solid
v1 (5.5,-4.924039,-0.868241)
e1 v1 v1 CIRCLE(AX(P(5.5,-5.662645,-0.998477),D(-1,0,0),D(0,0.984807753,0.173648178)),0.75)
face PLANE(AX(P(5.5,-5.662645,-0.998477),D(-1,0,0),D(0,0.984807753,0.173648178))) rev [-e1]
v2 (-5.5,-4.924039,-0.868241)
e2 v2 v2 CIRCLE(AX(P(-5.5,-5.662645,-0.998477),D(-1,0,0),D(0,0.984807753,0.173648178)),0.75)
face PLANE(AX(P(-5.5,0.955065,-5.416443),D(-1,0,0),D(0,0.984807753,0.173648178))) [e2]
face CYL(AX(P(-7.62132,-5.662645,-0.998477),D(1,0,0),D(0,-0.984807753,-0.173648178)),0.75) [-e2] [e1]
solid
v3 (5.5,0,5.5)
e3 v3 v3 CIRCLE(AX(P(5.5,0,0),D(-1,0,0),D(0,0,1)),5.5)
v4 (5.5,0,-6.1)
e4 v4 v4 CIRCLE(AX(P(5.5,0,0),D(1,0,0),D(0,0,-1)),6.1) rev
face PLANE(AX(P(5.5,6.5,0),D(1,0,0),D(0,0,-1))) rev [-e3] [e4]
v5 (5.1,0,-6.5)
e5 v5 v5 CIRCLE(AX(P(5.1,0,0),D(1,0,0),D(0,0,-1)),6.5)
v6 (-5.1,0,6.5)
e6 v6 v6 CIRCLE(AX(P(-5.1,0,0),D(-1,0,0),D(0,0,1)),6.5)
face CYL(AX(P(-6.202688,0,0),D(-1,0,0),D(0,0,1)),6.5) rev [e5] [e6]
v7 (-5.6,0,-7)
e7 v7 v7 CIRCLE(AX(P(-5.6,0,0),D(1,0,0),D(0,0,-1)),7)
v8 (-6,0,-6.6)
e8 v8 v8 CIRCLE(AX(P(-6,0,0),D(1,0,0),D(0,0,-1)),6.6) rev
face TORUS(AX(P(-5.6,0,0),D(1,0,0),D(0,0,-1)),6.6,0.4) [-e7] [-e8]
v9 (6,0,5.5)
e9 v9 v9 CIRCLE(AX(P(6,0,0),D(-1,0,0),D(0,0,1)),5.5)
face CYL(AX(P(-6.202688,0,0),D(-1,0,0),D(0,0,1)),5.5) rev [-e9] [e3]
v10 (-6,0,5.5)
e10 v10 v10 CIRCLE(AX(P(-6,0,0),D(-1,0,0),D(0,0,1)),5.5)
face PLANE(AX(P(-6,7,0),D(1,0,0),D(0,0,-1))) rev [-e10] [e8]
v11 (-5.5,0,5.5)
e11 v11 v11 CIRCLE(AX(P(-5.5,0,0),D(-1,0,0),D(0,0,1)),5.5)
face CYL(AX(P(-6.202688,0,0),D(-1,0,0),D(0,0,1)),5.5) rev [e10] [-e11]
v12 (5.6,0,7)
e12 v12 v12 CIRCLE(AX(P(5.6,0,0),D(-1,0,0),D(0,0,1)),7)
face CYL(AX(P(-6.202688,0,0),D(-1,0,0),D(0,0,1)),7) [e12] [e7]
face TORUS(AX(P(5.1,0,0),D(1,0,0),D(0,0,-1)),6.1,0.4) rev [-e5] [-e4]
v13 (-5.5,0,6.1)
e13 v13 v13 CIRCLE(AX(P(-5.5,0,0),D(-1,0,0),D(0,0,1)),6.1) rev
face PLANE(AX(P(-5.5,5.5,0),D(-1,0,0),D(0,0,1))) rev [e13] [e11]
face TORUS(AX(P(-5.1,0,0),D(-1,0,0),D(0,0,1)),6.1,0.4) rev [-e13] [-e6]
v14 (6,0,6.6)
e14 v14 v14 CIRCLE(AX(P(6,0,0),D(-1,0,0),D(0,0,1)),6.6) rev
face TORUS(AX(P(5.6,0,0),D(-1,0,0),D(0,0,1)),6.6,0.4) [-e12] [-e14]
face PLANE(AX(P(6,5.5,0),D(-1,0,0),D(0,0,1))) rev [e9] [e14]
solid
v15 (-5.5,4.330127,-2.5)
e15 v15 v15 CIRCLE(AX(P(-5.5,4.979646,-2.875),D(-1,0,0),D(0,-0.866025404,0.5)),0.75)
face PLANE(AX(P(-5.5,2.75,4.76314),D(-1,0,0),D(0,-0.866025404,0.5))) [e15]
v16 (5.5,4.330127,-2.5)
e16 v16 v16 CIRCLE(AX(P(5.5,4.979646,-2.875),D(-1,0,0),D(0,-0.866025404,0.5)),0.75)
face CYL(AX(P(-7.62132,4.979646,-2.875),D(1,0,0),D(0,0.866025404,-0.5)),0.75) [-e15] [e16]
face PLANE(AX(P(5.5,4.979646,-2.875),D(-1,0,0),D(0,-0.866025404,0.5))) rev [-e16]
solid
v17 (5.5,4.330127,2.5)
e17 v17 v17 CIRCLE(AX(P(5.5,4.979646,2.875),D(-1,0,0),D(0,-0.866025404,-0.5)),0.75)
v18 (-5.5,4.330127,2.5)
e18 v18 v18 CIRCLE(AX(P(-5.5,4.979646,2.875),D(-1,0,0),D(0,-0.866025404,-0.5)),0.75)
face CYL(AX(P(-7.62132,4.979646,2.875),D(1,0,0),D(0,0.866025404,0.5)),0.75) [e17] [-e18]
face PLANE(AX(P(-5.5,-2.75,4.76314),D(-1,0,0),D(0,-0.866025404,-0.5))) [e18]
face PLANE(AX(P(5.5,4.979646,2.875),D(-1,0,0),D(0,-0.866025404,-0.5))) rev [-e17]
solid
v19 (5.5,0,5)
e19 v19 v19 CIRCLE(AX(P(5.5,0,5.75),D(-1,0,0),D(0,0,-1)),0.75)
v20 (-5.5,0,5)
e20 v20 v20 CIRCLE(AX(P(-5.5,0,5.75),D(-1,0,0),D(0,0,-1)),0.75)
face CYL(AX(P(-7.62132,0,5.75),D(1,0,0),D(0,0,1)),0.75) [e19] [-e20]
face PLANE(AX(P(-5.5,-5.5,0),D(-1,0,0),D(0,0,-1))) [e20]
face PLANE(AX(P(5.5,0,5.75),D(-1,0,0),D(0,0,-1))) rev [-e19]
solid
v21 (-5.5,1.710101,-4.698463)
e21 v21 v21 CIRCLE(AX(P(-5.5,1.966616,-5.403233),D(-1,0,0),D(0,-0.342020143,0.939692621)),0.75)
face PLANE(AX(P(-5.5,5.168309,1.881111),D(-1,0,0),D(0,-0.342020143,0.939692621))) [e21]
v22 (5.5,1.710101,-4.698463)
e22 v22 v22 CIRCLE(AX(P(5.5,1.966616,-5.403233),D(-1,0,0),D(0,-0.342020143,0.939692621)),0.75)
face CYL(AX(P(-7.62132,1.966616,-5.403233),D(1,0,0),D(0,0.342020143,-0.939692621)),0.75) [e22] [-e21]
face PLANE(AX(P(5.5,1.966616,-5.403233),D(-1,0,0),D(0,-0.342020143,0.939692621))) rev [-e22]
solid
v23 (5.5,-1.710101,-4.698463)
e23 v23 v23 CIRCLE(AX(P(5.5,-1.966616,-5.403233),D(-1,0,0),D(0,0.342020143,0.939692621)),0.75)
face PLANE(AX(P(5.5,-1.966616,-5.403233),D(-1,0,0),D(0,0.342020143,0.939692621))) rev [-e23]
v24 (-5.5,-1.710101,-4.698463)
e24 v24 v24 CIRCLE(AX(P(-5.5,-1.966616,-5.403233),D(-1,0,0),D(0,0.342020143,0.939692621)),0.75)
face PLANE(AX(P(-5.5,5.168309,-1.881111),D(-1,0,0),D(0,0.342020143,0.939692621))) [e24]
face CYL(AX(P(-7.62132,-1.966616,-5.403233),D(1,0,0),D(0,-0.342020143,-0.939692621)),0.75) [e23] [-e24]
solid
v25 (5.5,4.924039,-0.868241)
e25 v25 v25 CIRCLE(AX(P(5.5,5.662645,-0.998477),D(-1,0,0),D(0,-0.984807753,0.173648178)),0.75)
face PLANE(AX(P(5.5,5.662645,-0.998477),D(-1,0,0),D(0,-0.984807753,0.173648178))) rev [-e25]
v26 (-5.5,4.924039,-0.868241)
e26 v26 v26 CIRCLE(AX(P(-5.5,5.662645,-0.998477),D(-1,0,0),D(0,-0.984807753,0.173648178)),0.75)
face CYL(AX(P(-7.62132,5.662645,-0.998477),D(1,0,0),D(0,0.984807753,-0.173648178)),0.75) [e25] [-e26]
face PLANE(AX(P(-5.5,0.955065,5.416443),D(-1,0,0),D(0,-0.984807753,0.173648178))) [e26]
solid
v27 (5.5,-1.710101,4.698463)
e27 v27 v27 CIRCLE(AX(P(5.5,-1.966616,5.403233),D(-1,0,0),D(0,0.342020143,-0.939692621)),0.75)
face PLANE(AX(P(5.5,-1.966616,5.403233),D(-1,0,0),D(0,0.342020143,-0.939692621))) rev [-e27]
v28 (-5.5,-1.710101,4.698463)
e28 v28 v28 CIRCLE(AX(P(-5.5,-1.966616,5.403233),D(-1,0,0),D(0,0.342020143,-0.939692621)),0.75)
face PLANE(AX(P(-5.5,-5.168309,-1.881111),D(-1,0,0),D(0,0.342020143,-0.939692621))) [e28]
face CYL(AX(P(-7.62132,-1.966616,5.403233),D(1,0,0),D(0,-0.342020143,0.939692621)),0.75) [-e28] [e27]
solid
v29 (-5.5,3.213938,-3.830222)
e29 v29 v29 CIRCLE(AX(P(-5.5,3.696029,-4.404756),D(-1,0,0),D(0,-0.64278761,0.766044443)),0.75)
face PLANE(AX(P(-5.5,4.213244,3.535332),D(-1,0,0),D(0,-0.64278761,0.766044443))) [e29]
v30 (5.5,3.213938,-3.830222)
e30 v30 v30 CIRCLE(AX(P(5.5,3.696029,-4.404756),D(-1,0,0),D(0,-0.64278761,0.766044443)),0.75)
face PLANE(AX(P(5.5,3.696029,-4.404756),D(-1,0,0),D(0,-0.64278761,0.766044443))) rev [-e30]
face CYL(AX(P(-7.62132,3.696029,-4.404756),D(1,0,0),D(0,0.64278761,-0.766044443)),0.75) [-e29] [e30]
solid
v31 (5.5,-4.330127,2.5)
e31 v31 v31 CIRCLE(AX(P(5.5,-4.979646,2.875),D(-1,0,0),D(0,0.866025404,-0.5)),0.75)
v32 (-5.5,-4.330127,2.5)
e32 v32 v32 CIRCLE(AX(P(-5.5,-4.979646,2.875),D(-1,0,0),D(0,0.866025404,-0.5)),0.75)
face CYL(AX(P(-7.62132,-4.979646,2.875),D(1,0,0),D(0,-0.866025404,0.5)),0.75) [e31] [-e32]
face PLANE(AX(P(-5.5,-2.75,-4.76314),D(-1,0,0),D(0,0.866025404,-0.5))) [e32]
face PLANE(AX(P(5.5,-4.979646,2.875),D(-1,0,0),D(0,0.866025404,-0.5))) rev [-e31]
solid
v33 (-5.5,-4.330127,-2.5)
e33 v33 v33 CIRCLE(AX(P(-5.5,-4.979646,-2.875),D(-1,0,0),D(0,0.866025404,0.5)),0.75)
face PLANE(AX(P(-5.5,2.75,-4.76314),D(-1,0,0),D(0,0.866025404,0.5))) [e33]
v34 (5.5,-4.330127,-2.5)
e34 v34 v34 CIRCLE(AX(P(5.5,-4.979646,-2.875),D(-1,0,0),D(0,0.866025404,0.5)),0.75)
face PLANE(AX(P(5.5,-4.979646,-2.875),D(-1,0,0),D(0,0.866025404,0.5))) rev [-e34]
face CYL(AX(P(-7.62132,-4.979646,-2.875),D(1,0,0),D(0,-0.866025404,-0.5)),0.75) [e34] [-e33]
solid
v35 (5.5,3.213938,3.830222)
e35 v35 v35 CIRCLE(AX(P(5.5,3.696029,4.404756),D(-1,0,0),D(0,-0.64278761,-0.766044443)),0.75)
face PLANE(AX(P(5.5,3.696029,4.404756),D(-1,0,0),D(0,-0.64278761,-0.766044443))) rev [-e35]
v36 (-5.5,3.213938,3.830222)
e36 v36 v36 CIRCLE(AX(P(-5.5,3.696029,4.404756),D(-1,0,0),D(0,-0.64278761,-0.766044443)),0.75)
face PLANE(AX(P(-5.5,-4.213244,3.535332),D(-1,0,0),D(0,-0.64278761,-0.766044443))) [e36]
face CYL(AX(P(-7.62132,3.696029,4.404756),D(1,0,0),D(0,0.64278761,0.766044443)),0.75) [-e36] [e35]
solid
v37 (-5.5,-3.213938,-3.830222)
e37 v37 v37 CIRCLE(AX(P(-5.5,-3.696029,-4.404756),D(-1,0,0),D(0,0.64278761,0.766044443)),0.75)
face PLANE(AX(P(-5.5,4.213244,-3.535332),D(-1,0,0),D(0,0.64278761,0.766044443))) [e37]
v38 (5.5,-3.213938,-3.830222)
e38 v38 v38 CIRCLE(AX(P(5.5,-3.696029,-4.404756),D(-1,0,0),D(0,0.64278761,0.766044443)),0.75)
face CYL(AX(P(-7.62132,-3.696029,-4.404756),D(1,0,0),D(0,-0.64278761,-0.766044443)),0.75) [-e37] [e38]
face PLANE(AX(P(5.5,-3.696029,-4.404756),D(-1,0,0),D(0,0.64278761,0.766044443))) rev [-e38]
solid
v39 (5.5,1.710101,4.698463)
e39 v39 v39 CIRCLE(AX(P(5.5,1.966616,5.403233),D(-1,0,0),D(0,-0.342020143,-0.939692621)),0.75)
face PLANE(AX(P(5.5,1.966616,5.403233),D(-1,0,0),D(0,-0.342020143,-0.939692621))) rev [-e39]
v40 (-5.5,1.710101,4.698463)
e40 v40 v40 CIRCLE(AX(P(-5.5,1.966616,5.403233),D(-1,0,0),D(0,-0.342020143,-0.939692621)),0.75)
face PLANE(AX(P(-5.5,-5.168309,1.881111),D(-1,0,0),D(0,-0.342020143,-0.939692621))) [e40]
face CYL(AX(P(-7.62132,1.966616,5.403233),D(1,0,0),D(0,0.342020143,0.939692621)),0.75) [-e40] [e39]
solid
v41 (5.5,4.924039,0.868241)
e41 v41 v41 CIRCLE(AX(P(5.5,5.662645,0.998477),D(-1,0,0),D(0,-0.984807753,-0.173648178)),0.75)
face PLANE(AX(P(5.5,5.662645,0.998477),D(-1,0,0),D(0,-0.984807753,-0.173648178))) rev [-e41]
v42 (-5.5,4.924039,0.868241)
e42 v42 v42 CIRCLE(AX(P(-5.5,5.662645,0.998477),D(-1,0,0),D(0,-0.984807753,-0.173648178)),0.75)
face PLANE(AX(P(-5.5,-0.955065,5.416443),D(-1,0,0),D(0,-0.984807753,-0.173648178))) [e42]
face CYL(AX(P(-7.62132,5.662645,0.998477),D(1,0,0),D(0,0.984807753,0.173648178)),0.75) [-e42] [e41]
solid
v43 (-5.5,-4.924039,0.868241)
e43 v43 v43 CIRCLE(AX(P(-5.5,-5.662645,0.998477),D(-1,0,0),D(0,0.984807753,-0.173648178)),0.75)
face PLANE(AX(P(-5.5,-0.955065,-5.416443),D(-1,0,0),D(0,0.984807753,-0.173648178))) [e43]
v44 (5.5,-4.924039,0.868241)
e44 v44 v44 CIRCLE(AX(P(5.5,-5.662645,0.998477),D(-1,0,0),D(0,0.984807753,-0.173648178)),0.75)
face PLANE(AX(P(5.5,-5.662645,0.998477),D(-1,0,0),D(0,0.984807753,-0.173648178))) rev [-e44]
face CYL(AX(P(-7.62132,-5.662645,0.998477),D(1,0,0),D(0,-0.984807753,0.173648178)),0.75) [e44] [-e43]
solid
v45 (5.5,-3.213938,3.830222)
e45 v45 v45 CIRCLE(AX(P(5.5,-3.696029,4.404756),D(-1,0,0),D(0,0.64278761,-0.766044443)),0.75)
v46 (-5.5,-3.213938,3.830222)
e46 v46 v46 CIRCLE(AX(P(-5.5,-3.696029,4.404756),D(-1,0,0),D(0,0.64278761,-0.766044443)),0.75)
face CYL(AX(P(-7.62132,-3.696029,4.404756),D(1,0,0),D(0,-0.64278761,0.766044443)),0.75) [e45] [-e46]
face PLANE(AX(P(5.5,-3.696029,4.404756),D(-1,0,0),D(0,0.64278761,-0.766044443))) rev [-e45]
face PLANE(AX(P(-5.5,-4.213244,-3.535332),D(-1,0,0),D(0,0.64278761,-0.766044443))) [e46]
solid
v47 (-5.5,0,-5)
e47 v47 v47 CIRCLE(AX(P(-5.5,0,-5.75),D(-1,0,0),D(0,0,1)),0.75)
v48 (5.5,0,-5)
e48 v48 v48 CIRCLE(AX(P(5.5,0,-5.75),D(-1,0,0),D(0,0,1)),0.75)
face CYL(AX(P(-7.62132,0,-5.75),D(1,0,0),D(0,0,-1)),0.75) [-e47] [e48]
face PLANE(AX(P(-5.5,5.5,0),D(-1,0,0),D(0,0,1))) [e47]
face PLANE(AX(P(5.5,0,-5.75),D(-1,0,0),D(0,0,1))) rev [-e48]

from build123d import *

# Parameters (mm, degrees)
SKETCH_5_R               = 0.75
EXTRUDE_3_DEPTH          = 11
PATTERN_CIRCULAR_8_COUNT = 18
FILLET_1_R               = 0.4


with BuildPart() as part:
    # 草图3 → 旋转1 (revolve)
    with BuildSketch(Plane.XY, mode=Mode.PRIVATE) as revolve_1_sk:
        Polygon((-6, 7), (-6, 5.5), (-5.5, 5.5), (-5.5, 6.5), (5.5, 6.5), (5.5, 5.5), (6, 5.5), (6, 7), align=None)
    revolve(revolve_1_sk.sketch.rotate(Axis((-6.202687828, 0, 0), (1, 0, 0)), 90), axis=Axis((-6.202687828, 0, 0), (1, 0, 0)))

    # 圆角1
    fillet_1_edges = [part.edges().sort_by_distance(p)[0] for p in [
        (-6, 0, -7),
        (6, 0, -7),
        (5.5, 0, -6.5),
        (-5.5, 0, -6.5),
    ]]
    fillet(fillet_1_edges, radius=FILLET_1_R)


with BuildPart() as body_2:
    # 草图5 → 凸台-拉伸3 (new body)
    with BuildSketch(Plane.ZY.offset(-5.5)):
        with Locations((-5.75, 0)):
            Circle(SKETCH_5_R)
    extrude(amount=EXTRUDE_3_DEPTH)


with BuildPart() as pattern_circular_8_1:
    # 阵列(圆周)8: pattern copy
    add(body_2.part.rotate(Axis((0, 0, 0), (1, 0, 0)), 1 * 360 / PATTERN_CIRCULAR_8_COUNT))


with BuildPart() as pattern_circular_8_2:
    # 阵列(圆周)8: pattern copy
    add(body_2.part.rotate(Axis((0, 0, 0), (1, 0, 0)), 2 * 360 / PATTERN_CIRCULAR_8_COUNT))


with BuildPart() as pattern_circular_8_3:
    # 阵列(圆周)8: pattern copy
    add(body_2.part.rotate(Axis((0, 0, 0), (1, 0, 0)), 3 * 360 / PATTERN_CIRCULAR_8_COUNT))


with BuildPart() as pattern_circular_8_4:
    # 阵列(圆周)8: pattern copy
    add(body_2.part.rotate(Axis((0, 0, 0), (1, 0, 0)), 4 * 360 / PATTERN_CIRCULAR_8_COUNT))


with BuildPart() as pattern_circular_8_5:
    # 阵列(圆周)8: pattern copy
    add(body_2.part.rotate(Axis((0, 0, 0), (1, 0, 0)), 5 * 360 / PATTERN_CIRCULAR_8_COUNT))


with BuildPart() as pattern_circular_8_6:
    # 阵列(圆周)8: pattern copy
    add(body_2.part.rotate(Axis((0, 0, 0), (1, 0, 0)), 6 * 360 / PATTERN_CIRCULAR_8_COUNT))


with BuildPart() as pattern_circular_8_7:
    # 阵列(圆周)8: pattern copy
    add(body_2.part.rotate(Axis((0, 0, 0), (1, 0, 0)), 7 * 360 / PATTERN_CIRCULAR_8_COUNT))


with BuildPart() as pattern_circular_8_8:
    # 阵列(圆周)8: pattern copy
    add(body_2.part.rotate(Axis((0, 0, 0), (1, 0, 0)), 8 * 360 / PATTERN_CIRCULAR_8_COUNT))


with BuildPart() as pattern_circular_8_9:
    # 阵列(圆周)8: pattern copy
    add(body_2.part.rotate(Axis((0, 0, 0), (1, 0, 0)), 9 * 360 / PATTERN_CIRCULAR_8_COUNT))


with BuildPart() as pattern_circular_8_10:
    # 阵列(圆周)8: pattern copy
    add(body_2.part.rotate(Axis((0, 0, 0), (1, 0, 0)), 10 * 360 / PATTERN_CIRCULAR_8_COUNT))


with BuildPart() as pattern_circular_8_11:
    # 阵列(圆周)8: pattern copy
    add(body_2.part.rotate(Axis((0, 0, 0), (1, 0, 0)), 11 * 360 / PATTERN_CIRCULAR_8_COUNT))


with BuildPart() as pattern_circular_8_12:
    # 阵列(圆周)8: pattern copy
    add(body_2.part.rotate(Axis((0, 0, 0), (1, 0, 0)), 12 * 360 / PATTERN_CIRCULAR_8_COUNT))


with BuildPart() as pattern_circular_8_13:
    # 阵列(圆周)8: pattern copy
    add(body_2.part.rotate(Axis((0, 0, 0), (1, 0, 0)), 13 * 360 / PATTERN_CIRCULAR_8_COUNT))


with BuildPart() as pattern_circular_8_14:
    # 阵列(圆周)8: pattern copy
    add(body_2.part.rotate(Axis((0, 0, 0), (1, 0, 0)), 14 * 360 / PATTERN_CIRCULAR_8_COUNT))


with BuildPart() as pattern_circular_8_15:
    # 阵列(圆周)8: pattern copy
    add(body_2.part.rotate(Axis((0, 0, 0), (1, 0, 0)), 15 * 360 / PATTERN_CIRCULAR_8_COUNT))


with BuildPart() as pattern_circular_8_16:
    # 阵列(圆周)8: pattern copy
    add(body_2.part.rotate(Axis((0, 0, 0), (1, 0, 0)), 16 * 360 / PATTERN_CIRCULAR_8_COUNT))


with BuildPart() as pattern_circular_8_17:
    # 阵列(圆周)8: pattern copy
    add(body_2.part.rotate(Axis((0, 0, 0), (1, 0, 0)), 17 * 360 / PATTERN_CIRCULAR_8_COUNT))


solid = Compound([part.part, body_2.part, pattern_circular_8_1.part, pattern_circular_8_2.part, pattern_circular_8_3.part, pattern_circular_8_4.part, pattern_circular_8_5.part, pattern_circular_8_6.part, pattern_circular_8_7.part, pattern_circular_8_8.part, pattern_circular_8_9.part, pattern_circular_8_10.part, pattern_circular_8_11.part, pattern_circular_8_12.part, pattern_circular_8_13.part, pattern_circular_8_14.part, pattern_circular_8_15.part, pattern_circular_8_16.part, pattern_circular_8_17.part])
